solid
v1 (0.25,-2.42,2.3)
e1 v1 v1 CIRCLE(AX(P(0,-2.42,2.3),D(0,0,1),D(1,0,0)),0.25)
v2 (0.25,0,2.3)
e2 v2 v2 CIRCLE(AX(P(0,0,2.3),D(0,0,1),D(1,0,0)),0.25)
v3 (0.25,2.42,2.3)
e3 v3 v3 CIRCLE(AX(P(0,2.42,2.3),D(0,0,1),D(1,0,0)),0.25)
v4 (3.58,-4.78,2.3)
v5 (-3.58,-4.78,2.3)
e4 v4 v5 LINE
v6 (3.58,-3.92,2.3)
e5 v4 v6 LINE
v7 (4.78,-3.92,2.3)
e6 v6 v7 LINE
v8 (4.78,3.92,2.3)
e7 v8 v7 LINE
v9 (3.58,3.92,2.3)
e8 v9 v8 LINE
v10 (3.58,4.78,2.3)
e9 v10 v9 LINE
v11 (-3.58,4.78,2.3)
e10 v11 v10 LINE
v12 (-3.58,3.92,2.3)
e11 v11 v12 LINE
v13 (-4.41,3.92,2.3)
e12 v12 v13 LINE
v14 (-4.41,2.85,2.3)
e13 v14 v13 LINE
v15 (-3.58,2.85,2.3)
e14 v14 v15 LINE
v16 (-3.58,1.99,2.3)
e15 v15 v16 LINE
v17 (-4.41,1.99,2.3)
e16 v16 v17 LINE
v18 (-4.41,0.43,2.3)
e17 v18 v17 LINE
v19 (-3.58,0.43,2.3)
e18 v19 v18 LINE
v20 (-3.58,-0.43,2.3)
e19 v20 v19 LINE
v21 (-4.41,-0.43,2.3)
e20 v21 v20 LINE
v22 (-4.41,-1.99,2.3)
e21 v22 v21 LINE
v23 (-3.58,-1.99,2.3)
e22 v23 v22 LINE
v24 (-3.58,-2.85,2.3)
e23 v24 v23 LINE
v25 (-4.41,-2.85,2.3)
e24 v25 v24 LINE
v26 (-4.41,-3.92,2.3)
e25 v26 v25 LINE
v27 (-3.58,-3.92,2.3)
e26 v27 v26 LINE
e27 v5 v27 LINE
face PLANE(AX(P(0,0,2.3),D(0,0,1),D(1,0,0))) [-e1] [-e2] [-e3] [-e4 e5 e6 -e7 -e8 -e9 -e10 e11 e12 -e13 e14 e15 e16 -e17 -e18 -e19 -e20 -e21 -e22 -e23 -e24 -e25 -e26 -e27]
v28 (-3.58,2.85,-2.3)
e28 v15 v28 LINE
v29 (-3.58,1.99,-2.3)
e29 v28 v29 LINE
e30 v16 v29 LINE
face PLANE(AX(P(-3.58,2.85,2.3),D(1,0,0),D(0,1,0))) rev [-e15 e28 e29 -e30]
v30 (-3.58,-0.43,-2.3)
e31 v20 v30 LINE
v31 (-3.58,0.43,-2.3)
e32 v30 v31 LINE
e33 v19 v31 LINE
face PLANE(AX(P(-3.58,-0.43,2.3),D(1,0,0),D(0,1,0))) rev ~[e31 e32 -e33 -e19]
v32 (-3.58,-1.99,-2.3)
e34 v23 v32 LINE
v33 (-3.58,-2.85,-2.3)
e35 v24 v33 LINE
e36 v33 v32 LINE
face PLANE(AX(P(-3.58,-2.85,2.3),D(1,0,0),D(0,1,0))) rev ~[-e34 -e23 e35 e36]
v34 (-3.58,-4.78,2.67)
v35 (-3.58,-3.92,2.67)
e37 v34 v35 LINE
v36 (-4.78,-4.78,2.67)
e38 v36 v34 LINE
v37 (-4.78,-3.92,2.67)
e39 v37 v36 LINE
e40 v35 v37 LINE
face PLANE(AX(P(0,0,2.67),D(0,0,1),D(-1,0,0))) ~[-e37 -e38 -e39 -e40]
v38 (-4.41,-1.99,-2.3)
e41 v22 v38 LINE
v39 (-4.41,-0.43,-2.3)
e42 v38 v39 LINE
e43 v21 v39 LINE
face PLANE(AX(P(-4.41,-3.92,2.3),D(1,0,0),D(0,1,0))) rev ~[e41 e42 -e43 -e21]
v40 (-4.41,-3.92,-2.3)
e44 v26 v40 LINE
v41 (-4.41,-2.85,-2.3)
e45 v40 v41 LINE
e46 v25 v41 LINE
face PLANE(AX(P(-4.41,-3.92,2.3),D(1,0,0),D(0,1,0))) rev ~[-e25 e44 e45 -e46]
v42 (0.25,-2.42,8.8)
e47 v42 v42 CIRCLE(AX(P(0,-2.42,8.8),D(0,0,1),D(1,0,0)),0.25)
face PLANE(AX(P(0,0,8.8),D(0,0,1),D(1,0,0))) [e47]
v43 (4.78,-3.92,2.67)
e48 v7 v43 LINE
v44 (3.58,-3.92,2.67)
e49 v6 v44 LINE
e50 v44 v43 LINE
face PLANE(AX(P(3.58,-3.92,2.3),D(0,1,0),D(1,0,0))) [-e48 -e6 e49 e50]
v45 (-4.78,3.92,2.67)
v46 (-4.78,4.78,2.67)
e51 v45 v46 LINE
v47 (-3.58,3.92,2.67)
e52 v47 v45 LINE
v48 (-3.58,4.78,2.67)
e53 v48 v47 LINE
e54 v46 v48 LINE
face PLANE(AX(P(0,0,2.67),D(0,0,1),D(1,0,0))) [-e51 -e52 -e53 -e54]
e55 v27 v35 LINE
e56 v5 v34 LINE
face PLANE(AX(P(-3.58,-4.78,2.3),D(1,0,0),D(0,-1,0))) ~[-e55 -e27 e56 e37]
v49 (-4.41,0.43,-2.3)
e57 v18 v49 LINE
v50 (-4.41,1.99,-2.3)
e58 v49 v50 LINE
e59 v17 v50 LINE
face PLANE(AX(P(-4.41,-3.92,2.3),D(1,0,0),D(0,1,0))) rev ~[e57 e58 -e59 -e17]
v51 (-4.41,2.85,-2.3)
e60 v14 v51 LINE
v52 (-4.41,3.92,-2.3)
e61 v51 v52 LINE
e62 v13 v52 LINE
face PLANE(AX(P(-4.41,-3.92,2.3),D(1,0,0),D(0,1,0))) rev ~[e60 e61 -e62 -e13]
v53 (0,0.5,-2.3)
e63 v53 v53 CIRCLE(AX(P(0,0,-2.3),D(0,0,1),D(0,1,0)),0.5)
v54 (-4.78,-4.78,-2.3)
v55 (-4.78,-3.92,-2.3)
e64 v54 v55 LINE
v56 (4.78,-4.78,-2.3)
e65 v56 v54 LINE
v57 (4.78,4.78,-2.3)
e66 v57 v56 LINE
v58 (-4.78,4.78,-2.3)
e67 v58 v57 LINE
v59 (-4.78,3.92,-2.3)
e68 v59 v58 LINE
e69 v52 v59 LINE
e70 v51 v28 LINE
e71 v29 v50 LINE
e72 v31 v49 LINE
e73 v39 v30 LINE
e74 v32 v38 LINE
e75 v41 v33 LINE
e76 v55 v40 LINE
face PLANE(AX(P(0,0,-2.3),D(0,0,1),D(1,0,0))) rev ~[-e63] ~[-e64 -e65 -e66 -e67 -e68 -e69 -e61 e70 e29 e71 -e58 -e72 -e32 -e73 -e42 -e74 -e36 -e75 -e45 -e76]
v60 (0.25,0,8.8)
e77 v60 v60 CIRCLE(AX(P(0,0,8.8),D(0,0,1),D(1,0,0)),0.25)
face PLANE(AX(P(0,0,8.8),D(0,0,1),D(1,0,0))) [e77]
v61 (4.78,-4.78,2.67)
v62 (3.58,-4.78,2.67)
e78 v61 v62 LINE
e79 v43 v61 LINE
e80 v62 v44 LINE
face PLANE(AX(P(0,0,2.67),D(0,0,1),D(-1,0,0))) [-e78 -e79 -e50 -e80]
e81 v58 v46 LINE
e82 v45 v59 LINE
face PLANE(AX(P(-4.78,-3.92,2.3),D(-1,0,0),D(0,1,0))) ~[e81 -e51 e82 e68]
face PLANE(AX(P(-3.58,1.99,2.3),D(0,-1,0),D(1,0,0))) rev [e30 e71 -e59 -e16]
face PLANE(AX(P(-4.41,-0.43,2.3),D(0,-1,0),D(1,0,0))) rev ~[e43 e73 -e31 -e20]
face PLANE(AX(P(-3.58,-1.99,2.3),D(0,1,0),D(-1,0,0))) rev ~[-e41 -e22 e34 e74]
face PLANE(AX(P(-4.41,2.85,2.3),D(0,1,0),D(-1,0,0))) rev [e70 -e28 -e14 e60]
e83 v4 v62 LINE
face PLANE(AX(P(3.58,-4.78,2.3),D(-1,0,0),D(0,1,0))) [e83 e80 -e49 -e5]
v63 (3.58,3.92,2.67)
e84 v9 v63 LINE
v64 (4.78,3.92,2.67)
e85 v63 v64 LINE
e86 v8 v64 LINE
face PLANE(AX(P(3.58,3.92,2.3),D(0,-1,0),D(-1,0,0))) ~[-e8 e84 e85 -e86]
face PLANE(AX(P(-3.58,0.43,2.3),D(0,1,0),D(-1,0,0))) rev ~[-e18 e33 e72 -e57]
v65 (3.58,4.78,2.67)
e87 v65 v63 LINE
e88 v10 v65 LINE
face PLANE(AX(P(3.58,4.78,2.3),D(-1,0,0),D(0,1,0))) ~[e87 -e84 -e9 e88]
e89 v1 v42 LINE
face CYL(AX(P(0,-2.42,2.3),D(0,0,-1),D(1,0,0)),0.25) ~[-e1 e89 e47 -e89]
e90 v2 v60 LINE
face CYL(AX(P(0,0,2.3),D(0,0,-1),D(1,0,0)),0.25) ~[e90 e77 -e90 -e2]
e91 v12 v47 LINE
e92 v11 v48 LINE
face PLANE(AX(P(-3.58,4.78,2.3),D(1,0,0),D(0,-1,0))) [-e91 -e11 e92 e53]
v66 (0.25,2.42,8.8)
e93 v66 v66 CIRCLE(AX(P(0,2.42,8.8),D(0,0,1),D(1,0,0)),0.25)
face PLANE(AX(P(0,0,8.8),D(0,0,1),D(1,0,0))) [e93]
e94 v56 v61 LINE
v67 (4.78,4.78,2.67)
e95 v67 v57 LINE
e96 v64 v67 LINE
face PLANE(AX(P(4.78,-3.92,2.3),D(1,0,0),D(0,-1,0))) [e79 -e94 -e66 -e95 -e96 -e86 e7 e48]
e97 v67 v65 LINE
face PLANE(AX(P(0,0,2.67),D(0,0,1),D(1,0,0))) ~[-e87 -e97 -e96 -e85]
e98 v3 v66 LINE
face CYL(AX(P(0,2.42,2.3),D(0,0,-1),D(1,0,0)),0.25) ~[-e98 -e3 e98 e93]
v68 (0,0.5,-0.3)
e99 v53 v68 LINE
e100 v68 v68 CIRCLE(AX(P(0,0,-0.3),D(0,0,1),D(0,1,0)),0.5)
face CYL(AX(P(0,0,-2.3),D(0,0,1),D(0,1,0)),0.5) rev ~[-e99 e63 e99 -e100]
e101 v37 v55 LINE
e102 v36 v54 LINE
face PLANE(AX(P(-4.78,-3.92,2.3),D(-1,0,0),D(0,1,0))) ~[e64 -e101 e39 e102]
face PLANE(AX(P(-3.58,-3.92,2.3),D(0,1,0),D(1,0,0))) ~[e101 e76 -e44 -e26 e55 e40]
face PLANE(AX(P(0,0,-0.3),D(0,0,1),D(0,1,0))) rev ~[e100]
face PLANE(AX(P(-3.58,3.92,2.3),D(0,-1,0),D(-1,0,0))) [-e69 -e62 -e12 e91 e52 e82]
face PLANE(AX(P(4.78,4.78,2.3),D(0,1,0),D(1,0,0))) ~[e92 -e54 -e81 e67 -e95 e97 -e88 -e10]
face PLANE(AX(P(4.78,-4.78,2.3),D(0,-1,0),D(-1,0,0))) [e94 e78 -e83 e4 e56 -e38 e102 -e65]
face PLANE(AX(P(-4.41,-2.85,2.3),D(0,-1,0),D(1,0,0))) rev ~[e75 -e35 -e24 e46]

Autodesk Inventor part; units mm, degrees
ref_plane "YZ Plane" through (0, 0, 0) normal (1, 0, 0) x (0, 1, 0)
ref_plane "XZ Plane" through (0, 0, 0) normal (0, 1, 0) x (-1, 0, 0)
ref_plane "XY Plane" through (0, 0, 0) normal (0, 0, 1) x (1, 0, 0)
sketch "Boceto1" plane through (0, 0, 0) normal (0, 0, 1) x (1, 0, 0)
  line L0 (-4.78, 4.78) -> (4.78, 4.78)
  line L1 (4.78, 4.78) -> (4.78, -4.78)
  line L2 (4.78, -4.78) -> (-4.78, -4.78)
  line L3 (-4.78, -4.78) -> (-4.78, 4.78)
  line L4 (-4.78, 4.78) -> (4.78, -4.78) construction
  line L5 (4.78, 4.78) -> (-4.78, -4.78) construction
  point P0 (0, 0)
  dimension "d0" = 9.56
  dimension "d1" = 9.56
extrude "Extrusión1" add sketch "Boceto1" along normal mid plane 4.6
sketch "Boceto2" plane through (0, 0, 2.3) normal (0, 0, 1) x (1, 0, 0)
  line L0 (-4.78, 4.78) -> (-3.58, 4.78)
  line L1 (-3.58, 4.78) -> (-3.58, 3.92)
  line L2 (-3.58, 3.92) -> (-4.78, 3.92)
  line L3 (-4.78, 3.92) -> (-4.78, 4.78)
  point P0 (0, 0)
  dimension "d4" = 1.2
  dimension "d5" = 0.86
extrude "Extrusión2" add sketch "Boceto2" along normal blind 0.37
mirror "Simetría1" about plane through (0, 0, 0) normal (0, 1, 0) of "Extrusión2"
mirror "Simetría2" about plane through (0, 0, 0) normal (1, 0, 0) of "Extrusión2", "Simetría1"
sketch "Boceto5" plane through (0, 0, 2.3) normal (0, 0, 1) x (1, 0, 0)
  line L0 (-3.58, 3.92) -> (-4.78, 3.92) projected
  line L1 (-4.78, -3.92) -> (-4.41, -3.92)
  line L2 (-4.41, -3.92) -> (-4.41, 3.92)
  line L3 (-4.41, 3.92) -> (-4.78, 3.92)
  line L4 (-4.78, 3.92) -> (-4.78, -3.92)
  point P0 (0, 0)
  dimension "d21" = 0.37
extrude "Extrusión4" cut sketch "Boceto5" against normal through all
sketch "Boceto6" plane through (0, 0, 2.3) normal (0, 0, 1) x (1, 0, 0)
  line L0 (-4.41, 3.92) -> (-4.41, -3.92) projected
  line L1 (-4.41, -3.92) -> (-3.58, -3.92) projected
  line L2 (-3.58, -2.85) -> (-3.58, -1.99)
  line L3 (-3.58, -1.99) -> (-4.41, -1.99)
  line L4 (-4.41, -2.85) -> (-3.58, -2.85)
  line L5 (-3.58, -4.78) -> (-4.78, -4.78) projected
  point P0 (0, 0)
  dimension "d24" = 1.93
  dimension "d25" = 0.86
  dimension "d26" = 0.86
extrude "Extrusión5" cut sketch "Boceto6" against normal through all
mirror "Simetría3" about plane through (0, 0, 0) normal (0, 1, 0) of "Extrusión5"
sketch "Boceto7" plane through (0, 0, 2.3) normal (0, 0, 1) x (1, 0, 0)
  line L0 (-3.58, 1.99) -> (-4.41, 1.99) projected
  line L1 (-4.41, 1.99) -> (-4.41, -1.99) projected
  line L2 (-4.41, -1.99) -> (-3.58, -1.99) projected
  line L3 (-3.58, -2.85) -> (-4.41, -2.85) projected
  line L4 (-3.58, 2.85) -> (-3.58, 1.99) projected
  line L5 (-4.41, -0.43) -> (-3.58, -0.43)
  line L6 (-3.58, -0.43) -> (-3.58, 0.43)
  line L7 (-3.58, 0.43) -> (-4.41, 0.43)
  point P0 (0, 0)
  dimension "d29" = 3.98
  dimension "d30" = 0.86
  dimension "d31" = 0.86
  dimension "d32" = 1.56
  dimension "d33" = 1.56
extrude "Extrusión6" cut sketch "Boceto7" against normal through all
sketch "Boceto8" plane through (0, 0, -2.3) normal (0, 0, -1) x (-1, 0, 0)
  circle A0 centre (0, 0) radius 0.5
  dimension "d36" = 1
hole "Hole1" at (0, 0, -2.3) direction (0, 0, 1) diameter 1 depth 2
sketch "Boceto9" plane through (0, 0, 2.3) normal (0, 0, 1) x (1, 0, 0)
  circle A0 centre (0, -2.42) radius 0.25
  circle A1 centre (0, 0) radius 0.25
  circle A2 centre (0, 2.42) radius 0.25
  dimension "d44" = 0.5
  dimension "d45" = 0.5
  dimension "d47" = 0.5
extrude "Extrusión7" add sketch "Boceto9" along normal blind 6.5
properties part number "BasePotenciometro"
